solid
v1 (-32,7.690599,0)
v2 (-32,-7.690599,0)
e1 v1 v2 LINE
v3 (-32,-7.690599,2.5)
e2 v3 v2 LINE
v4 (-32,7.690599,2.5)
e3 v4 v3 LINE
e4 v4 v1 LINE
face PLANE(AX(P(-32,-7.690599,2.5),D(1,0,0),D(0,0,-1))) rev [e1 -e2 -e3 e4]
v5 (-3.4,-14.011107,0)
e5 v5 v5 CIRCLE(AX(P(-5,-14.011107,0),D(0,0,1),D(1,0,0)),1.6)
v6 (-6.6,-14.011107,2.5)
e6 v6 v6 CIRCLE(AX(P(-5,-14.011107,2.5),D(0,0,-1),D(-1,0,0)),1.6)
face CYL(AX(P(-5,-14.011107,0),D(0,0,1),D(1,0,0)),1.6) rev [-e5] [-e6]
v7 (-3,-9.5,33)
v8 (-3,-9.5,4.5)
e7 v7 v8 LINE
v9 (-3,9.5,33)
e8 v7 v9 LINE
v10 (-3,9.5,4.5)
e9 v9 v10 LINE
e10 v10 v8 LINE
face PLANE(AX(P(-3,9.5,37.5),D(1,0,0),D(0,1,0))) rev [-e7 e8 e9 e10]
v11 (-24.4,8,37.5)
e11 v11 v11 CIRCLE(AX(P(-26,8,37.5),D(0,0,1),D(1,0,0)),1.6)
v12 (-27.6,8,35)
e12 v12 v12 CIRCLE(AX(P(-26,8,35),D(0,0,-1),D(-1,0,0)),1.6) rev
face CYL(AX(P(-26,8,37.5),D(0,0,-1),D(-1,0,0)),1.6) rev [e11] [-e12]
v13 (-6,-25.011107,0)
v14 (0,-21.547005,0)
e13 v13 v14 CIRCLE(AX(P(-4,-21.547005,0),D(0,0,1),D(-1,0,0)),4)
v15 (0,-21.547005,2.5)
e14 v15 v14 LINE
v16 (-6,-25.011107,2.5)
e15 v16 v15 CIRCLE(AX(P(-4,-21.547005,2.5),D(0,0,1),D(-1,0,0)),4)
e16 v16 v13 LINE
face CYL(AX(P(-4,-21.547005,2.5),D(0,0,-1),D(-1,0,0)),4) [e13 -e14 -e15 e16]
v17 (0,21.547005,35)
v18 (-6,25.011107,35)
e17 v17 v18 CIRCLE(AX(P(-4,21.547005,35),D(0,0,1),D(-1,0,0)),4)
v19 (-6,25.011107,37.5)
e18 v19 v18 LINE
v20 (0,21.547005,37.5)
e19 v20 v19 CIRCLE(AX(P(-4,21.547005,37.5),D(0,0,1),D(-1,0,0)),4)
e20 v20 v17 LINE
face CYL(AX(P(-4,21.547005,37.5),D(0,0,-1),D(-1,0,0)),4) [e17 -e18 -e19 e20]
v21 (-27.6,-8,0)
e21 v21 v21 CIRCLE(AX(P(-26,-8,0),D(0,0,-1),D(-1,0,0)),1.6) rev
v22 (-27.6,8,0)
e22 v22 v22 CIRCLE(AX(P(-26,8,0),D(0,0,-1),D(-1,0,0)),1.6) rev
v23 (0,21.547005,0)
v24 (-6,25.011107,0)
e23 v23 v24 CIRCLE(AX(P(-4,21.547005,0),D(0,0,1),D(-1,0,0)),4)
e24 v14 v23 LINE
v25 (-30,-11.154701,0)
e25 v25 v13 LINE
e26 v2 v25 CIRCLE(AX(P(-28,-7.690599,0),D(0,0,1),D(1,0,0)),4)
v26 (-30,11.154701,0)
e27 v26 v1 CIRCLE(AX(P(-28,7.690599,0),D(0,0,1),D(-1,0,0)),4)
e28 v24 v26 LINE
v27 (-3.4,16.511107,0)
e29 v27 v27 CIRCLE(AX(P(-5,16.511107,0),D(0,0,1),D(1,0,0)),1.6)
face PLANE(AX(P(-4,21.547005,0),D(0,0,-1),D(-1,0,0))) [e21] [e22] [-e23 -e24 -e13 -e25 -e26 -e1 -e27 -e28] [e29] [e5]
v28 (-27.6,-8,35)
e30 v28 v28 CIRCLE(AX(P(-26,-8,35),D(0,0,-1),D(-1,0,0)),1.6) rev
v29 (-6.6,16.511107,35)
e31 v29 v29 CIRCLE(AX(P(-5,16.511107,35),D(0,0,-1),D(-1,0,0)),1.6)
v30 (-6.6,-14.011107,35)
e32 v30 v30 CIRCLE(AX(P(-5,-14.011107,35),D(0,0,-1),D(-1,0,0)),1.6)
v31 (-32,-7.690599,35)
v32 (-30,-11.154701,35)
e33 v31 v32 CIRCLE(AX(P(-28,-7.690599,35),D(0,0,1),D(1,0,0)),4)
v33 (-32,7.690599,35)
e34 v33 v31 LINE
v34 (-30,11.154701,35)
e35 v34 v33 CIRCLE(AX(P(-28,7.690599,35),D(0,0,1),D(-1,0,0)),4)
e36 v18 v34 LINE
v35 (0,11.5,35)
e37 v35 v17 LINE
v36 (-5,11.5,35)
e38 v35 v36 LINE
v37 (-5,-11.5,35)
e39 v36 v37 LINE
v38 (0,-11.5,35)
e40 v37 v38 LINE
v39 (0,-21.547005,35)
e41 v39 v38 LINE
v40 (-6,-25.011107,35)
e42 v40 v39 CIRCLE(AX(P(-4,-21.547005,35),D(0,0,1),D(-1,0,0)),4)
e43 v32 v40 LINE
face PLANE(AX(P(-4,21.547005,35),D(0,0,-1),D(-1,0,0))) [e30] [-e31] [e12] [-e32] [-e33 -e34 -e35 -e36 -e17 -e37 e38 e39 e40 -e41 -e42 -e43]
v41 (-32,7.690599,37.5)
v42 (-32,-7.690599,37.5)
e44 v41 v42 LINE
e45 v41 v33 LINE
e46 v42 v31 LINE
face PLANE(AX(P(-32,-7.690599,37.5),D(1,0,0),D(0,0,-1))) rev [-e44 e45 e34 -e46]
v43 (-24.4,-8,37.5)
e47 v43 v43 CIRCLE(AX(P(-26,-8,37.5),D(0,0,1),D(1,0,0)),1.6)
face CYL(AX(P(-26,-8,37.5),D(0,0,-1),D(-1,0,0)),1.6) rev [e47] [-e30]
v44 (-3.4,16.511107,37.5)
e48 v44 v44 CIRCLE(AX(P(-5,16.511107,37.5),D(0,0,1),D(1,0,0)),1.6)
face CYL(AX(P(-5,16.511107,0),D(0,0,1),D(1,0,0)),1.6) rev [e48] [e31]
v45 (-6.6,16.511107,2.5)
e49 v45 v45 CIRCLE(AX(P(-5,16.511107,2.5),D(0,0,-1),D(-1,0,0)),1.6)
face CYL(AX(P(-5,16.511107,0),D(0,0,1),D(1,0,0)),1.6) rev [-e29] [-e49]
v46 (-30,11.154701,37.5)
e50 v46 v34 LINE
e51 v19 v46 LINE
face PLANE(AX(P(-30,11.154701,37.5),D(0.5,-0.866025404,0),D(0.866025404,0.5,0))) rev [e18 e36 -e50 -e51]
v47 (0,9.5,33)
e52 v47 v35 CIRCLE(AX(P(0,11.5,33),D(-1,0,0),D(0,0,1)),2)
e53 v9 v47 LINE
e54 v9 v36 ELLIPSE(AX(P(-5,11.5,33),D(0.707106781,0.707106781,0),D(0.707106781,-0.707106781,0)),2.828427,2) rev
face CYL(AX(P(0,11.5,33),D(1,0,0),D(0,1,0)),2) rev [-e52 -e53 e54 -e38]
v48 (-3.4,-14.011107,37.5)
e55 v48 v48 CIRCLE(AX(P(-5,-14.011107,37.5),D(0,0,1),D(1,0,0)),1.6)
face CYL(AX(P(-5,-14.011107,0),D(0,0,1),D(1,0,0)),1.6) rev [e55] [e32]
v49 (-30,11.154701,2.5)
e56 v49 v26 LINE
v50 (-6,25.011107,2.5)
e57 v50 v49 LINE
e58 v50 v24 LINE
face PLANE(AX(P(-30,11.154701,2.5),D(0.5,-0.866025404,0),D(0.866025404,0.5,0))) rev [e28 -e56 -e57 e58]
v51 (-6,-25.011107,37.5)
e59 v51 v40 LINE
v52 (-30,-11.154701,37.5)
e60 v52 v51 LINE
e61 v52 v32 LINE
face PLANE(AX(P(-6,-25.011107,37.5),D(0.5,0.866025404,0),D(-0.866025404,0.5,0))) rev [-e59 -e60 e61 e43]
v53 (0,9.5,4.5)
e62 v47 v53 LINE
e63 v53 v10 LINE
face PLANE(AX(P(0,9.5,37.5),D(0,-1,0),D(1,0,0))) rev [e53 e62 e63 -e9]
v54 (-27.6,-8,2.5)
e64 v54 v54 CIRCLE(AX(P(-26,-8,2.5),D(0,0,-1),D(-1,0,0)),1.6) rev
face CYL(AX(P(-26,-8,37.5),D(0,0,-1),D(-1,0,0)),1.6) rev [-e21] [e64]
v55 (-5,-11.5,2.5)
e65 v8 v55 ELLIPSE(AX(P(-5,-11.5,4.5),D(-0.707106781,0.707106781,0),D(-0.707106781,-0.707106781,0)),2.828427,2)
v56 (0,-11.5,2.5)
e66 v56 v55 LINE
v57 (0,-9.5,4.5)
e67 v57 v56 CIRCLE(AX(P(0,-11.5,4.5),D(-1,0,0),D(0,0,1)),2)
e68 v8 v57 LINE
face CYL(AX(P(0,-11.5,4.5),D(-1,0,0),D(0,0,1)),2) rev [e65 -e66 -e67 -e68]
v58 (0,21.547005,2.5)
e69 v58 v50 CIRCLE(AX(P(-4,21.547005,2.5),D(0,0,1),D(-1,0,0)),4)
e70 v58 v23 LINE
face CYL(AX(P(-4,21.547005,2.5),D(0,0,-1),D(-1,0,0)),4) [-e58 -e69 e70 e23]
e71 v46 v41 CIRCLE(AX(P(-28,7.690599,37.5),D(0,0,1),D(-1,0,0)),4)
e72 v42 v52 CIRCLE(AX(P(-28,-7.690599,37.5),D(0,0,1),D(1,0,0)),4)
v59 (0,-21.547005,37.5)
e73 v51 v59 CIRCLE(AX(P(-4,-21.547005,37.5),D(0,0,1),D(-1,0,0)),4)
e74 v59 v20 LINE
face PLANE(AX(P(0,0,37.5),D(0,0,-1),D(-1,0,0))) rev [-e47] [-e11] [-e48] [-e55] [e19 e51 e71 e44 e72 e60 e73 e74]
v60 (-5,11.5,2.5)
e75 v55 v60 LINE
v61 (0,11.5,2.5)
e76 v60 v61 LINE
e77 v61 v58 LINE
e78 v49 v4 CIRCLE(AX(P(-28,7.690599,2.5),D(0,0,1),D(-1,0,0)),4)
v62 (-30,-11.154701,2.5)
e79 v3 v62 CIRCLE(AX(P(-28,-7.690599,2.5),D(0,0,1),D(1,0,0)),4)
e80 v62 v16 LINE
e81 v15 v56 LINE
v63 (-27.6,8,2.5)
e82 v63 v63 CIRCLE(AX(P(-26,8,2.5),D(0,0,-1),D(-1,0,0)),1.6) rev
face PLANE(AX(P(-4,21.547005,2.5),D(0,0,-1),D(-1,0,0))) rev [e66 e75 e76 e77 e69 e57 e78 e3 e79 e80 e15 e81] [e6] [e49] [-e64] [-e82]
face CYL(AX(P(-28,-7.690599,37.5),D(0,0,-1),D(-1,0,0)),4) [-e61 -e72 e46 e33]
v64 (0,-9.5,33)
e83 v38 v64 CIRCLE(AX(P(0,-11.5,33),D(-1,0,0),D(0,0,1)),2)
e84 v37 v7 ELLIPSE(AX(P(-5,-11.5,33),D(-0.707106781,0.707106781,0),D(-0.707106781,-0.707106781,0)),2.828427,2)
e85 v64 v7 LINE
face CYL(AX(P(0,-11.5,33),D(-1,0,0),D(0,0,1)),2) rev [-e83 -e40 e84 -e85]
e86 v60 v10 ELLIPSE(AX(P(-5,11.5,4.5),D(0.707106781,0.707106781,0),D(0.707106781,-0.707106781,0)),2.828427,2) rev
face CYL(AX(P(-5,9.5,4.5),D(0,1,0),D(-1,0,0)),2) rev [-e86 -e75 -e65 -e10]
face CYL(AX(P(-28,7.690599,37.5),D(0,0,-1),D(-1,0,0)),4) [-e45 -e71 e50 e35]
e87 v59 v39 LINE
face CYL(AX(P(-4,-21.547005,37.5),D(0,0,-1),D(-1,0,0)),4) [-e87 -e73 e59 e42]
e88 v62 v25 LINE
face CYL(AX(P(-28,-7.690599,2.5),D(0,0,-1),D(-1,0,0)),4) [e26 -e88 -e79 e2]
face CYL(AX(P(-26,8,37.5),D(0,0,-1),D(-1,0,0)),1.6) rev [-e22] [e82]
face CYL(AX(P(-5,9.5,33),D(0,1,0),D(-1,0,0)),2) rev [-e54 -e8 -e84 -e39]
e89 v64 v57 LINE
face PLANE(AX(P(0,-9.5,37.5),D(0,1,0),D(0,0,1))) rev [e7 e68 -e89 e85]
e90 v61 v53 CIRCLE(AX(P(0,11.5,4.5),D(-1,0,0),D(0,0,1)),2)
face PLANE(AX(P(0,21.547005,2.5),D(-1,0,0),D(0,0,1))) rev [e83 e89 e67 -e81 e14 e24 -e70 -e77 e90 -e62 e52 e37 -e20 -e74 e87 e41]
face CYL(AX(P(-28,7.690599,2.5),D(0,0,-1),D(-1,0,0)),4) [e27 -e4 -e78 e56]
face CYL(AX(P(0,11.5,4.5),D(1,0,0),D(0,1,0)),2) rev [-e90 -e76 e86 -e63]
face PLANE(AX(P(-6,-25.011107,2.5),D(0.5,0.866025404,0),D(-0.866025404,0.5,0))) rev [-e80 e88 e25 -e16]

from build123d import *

# Parameters (mm, degrees)
BOSS_EXTRUDE1_DEPTH     = 2.5
SKETCH3_W               = 3
SKETCH3_H               = 19
BOSS_EXTRUDE2_DEPTH     = 35
LPATTERN1_COUNT         = 2
LPATTERN1_PITCH         = 35
CUT_EXTRUDE2_DEPTH      = 54.866960969
CUT_EXTRUDE2_DEPTH_BACK = 10
SKETCH6_R               = 1.6
SKETCH8_R               = 1.6
CUT_EXTRUDE4_DEPTH      = 56.523864095
FILLET1_R               = 2
FILLET2_R               = 2


with BuildPart() as part:
    # Sketch2 → Boss-Extrude1 (new body)
    with BuildSketch(Plane.XY):
        with BuildLine():
            Line((-32, -7.690598923), (-32, 7.690598923))
            ThreePointArc((-32, 7.690598923), (-31.464101615, 9.690598923), (-30, 11.154700538))
            Line((-30, 11.154700538), (-6, 25.011106999))
            ThreePointArc((-6, 25.011106999), (-2, 25.011106999), (0, 21.547005384))
            Line((0, 21.547005384), (0, -21.547005384))
            ThreePointArc((0, -21.547005384), (-2, -25.011106999), (-6, -25.011106999))
            Line((-6, -25.011106999), (-30, -11.154700538))
            ThreePointArc((-30, -11.154700538), (-31.464101615, -9.690598923), (-32, -7.690598923))
        make_face()
    boss_extrude1 = extrude(amount=BOSS_EXTRUDE1_DEPTH)

    # Sketch3 → Boss-Extrude2 (add)
    with BuildSketch(Plane.XY.offset(2.5)):
        with Locations((-1.5, 0)):
            Rectangle(SKETCH3_W, SKETCH3_H)
    extrude(amount=BOSS_EXTRUDE2_DEPTH)

    # LPattern1: Boss-Extrude1 ×2
    with Locations(*[(0, 0, i * LPATTERN1_PITCH) for i in range(1, LPATTERN1_COUNT)]):
        add(boss_extrude1)

    # Sketch6 → Cut-Extrude2 (cut, two sides: drawn at the far end of the back side and taken through both)
    with BuildSketch(Plane.XY.offset(2.5).offset(-CUT_EXTRUDE2_DEPTH_BACK)):
        with Locations(Location((-26, 8, 0), (0, 0, 180))):
            Circle(SKETCH6_R)
        with Locations(Location((-26, -8, 0), (0, 0, 180))):
            Circle(SKETCH6_R)
    extrude(amount=CUT_EXTRUDE2_DEPTH + CUT_EXTRUDE2_DEPTH_BACK, mode=Mode.SUBTRACT)

    # Sketch8 → Cut-Extrude4 (cut, through all)
    with BuildSketch(Plane.XY.offset(37.5)):
        with Locations((-5, 16.511106999)):
            Circle(SKETCH8_R)
        with Locations((-5, -14.011106999)):
            Circle(SKETCH8_R)
    extrude(amount=-CUT_EXTRUDE4_DEPTH, mode=Mode.SUBTRACT)

    # Fillet1
    fillet1_edges = [part.edges().sort_by_distance(p)[0] for p in [
        (-1.5, 9.5, 2.5),
        (-1.5, -9.5, 2.5),
        (-1.5, -9.5, 35),
        (-1.5, 9.5, 35),
    ]]
    fillet(fillet1_edges, radius=FILLET1_R)

    # Fillet2
    fillet2_edges = [part.edges().sort_by_distance(p)[0] for p in [
        (-3, 0, 2.5),
        (-3, 0, 35),
    ]]
    fillet(fillet2_edges, radius=FILLET2_R)


solid = part.part
